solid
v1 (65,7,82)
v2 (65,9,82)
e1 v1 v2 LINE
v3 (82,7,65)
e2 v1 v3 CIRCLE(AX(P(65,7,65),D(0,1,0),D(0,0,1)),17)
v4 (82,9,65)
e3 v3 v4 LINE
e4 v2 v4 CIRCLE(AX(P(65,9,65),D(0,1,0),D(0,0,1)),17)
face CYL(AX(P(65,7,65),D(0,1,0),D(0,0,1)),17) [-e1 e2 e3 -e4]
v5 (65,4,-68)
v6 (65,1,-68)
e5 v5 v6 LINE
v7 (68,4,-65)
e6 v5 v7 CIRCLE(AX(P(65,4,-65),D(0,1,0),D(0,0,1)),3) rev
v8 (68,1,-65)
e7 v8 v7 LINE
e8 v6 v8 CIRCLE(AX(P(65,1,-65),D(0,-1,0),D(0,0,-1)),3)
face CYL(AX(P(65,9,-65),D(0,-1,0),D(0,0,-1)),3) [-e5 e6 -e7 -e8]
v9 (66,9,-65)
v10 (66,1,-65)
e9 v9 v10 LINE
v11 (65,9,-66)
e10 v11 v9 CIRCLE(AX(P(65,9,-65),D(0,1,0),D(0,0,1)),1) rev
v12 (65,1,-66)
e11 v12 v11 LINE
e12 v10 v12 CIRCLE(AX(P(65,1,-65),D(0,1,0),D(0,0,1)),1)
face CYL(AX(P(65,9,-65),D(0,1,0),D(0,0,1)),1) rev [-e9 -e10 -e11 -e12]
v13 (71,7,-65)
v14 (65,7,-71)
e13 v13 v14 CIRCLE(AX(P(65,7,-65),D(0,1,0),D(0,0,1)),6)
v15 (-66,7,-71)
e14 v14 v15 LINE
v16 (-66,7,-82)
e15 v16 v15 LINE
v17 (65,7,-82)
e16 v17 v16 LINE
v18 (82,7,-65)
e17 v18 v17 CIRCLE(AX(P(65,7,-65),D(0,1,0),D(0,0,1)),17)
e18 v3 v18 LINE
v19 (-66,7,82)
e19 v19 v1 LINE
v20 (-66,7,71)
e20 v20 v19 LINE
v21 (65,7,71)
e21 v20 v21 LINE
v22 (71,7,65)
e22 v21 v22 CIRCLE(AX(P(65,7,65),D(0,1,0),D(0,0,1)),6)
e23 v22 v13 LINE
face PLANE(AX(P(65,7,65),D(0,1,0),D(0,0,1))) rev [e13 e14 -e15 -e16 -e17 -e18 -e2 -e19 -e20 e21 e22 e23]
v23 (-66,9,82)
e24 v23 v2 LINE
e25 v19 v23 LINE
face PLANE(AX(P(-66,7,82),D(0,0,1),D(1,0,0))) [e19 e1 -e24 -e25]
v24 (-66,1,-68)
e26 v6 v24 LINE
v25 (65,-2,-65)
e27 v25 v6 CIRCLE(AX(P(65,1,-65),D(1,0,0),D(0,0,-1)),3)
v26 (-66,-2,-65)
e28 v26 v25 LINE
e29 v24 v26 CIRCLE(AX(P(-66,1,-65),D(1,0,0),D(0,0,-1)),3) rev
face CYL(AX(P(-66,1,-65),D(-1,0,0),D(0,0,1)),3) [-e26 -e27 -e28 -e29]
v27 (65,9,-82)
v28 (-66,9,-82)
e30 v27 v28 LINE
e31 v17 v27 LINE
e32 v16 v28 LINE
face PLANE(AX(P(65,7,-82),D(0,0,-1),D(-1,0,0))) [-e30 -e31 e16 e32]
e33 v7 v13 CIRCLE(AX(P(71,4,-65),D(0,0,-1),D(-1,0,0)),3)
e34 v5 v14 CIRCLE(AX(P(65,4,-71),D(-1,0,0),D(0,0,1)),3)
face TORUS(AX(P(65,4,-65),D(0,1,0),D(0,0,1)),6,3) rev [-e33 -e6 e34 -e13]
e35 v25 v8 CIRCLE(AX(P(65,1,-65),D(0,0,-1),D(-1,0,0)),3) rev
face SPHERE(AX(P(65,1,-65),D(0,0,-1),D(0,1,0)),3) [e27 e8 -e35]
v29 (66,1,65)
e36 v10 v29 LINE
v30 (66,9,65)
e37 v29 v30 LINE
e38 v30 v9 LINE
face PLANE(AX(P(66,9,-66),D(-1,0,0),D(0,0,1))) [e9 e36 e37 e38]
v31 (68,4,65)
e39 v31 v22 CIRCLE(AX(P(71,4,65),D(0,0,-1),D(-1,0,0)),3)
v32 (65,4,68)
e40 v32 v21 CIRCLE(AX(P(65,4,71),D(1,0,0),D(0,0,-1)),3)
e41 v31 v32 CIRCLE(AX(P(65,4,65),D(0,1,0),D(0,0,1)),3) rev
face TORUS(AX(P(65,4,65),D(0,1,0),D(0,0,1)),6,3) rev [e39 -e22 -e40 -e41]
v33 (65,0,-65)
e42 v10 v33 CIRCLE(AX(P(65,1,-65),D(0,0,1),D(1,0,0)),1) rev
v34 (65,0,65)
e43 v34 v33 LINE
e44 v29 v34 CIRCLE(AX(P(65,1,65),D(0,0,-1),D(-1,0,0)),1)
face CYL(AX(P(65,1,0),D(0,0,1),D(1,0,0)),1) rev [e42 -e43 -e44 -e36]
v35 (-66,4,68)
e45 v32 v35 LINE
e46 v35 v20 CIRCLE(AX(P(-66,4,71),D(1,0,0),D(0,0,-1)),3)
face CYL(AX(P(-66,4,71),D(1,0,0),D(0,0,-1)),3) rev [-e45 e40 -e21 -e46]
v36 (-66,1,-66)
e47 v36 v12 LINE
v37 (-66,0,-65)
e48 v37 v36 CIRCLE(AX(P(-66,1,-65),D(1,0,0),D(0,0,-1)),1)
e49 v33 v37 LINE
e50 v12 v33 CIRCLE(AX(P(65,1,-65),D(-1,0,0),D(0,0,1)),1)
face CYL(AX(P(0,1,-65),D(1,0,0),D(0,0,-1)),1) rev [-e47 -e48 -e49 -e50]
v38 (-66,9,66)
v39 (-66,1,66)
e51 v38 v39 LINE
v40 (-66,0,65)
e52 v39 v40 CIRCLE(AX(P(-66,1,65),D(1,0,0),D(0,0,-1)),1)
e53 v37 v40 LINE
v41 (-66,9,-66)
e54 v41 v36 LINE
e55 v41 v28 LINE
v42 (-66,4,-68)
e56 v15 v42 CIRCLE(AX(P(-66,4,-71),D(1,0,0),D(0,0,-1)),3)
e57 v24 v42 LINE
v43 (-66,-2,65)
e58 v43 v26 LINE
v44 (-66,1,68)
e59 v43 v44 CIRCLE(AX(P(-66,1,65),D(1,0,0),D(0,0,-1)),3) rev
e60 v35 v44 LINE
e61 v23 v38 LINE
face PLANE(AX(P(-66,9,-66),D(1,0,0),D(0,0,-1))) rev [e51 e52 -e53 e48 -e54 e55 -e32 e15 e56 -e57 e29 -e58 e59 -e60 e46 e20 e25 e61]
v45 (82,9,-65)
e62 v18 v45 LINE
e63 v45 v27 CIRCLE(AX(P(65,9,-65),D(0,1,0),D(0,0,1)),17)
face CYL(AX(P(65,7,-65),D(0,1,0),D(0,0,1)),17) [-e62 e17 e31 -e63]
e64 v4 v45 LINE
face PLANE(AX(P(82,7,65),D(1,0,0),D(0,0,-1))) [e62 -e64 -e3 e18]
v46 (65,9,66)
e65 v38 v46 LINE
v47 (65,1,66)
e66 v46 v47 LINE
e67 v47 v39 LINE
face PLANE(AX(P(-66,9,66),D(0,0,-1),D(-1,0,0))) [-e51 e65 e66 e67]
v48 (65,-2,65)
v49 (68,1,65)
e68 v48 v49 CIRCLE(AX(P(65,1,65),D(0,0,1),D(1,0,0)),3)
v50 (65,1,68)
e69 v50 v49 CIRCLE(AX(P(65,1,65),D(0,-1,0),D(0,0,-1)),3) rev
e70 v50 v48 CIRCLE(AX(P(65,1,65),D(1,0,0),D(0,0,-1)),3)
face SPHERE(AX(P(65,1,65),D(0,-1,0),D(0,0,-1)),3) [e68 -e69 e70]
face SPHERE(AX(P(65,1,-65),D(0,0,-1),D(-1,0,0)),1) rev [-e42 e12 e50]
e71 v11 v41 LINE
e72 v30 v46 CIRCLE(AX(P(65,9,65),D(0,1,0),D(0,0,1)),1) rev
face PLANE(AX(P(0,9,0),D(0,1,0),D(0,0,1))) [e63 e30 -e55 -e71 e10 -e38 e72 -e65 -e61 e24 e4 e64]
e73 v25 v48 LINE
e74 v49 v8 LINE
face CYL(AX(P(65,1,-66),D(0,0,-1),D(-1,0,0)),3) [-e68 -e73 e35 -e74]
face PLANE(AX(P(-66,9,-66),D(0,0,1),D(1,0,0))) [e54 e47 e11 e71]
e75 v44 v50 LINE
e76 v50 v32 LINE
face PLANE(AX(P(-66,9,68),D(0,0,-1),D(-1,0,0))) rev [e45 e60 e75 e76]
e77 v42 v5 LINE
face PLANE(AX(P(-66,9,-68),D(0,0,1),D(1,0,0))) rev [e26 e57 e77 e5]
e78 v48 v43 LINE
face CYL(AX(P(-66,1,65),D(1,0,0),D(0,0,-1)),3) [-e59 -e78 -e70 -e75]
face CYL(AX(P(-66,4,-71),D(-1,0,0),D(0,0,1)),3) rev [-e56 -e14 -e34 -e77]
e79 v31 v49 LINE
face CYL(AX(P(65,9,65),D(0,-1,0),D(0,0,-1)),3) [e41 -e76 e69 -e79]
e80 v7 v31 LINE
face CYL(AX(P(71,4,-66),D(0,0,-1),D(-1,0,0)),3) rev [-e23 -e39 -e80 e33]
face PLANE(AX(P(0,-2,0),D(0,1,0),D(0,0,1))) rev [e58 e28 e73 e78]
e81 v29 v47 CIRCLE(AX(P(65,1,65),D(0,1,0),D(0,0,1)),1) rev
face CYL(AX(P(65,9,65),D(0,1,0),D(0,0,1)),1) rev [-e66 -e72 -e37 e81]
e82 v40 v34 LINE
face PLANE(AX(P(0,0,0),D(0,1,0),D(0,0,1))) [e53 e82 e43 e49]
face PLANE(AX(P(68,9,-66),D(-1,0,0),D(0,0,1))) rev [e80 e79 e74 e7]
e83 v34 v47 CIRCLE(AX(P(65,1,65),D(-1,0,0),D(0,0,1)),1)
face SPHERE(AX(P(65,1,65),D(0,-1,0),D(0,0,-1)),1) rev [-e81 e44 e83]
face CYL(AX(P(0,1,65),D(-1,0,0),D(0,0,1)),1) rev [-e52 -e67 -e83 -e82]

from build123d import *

# Parameters (mm, degrees)
SKETCH1_W           = 132
SKETCH1_H           = 132
BOSS_EXTRUDE1_DEPTH = 9
SHELL1_T            = 2
SKETCH2_W           = 175.70161203
SKETCH2_H           = 38.948555966
CUT_EXTRUDE1_DEPTH  = 2
FILLET1_R           = 1
FILLET2_R           = 3
BOSS_EXTRUDE2_START = -2
BOSS_EXTRUDE2_DEPTH = 2
FILLET3_R           = 3


with BuildPart() as part:
    # Sketch1 → Boss-Extrude1 (new body)
    with BuildSketch(Plane(origin=(0, 0, 0), x_dir=(1, 0, 0), z_dir=(0, 1, 0))):
        Rectangle(SKETCH1_W, SKETCH1_H)
    extrude(amount=BOSS_EXTRUDE1_DEPTH)

    # Shell1
    shell1_openings = [part.faces().sort_by_distance(p)[0] for p in [
        (0, 9, 0),
    ]]
    offset(amount=SHELL1_T, openings=shell1_openings, kind=Kind.INTERSECTION)

    # Sketch2 → Cut-Extrude1 (cut)
    with BuildSketch(Plane.ZY.offset(68)):
        Rectangle(SKETCH2_W, SKETCH2_H)
    extrude(amount=-CUT_EXTRUDE1_DEPTH, mode=Mode.SUBTRACT)

    # Fillet1
    fillet1_edges = [part.edges().sort_by_distance(p)[0] for p in [
        (0, 0, 66),
        (66, 0, 0),
        (66, 4.5, 66),
        (0, 0, -66),
        (66, 4.5, -66),
    ]]
    fillet(fillet1_edges, radius=FILLET1_R)

    # Fillet2
    fillet2_edges = [part.edges().sort_by_distance(p)[0] for p in [
        (1, -2, 68),
        (1, -2, -68),
        (68, -2, 0),
        (68, 3.5, -68),
        (68, 3.5, 68),
    ]]
    fillet(fillet2_edges, radius=FILLET2_R)

    # Sketch4 → Boss-Extrude2 (add)
    with BuildSketch(Plane(origin=(0, 9, 0), x_dir=(1, 0, 0), z_dir=(0, 1, 0)).offset(BOSS_EXTRUDE2_START)):
        with BuildLine():
            Line((-66, 82), (-66, 68))
            Line((-66, 68), (65, 68))
            ThreePointArc((65, 68), (67.121320344, 67.121320344), (68, 65))
            Line((68, 65), (68, -65))
            ThreePointArc((68, -65), (67.121320344, -67.121320344), (65, -68))
            Line((65, -68), (-66, -68))
            Line((-66, -68), (-66, -82))
            Line((-66, -82), (65, -82))
            ThreePointArc((65, -82), (77.02081528, -77.02081528), (82, -65))
            Line((82, -65), (82, 65))
            ThreePointArc((82, 65), (77.02081528, 77.02081528), (65, 82))
            Line((65, 82), (-66, 82))
        make_face()
    extrude(amount=BOSS_EXTRUDE2_DEPTH)

    # Fillet3
    fillet3_edges = [part.edges().sort_by_distance(p)[0] for p in [
        (-0.5, 7, 68),
        (67.121320344, 7, 67.121320344),
        (68, 7, 0),
        (67.121320344, 7, -67.121320344),
        (-0.5, 7, -68),
    ]]
    fillet(fillet3_edges, radius=FILLET3_R)


solid = part.part
